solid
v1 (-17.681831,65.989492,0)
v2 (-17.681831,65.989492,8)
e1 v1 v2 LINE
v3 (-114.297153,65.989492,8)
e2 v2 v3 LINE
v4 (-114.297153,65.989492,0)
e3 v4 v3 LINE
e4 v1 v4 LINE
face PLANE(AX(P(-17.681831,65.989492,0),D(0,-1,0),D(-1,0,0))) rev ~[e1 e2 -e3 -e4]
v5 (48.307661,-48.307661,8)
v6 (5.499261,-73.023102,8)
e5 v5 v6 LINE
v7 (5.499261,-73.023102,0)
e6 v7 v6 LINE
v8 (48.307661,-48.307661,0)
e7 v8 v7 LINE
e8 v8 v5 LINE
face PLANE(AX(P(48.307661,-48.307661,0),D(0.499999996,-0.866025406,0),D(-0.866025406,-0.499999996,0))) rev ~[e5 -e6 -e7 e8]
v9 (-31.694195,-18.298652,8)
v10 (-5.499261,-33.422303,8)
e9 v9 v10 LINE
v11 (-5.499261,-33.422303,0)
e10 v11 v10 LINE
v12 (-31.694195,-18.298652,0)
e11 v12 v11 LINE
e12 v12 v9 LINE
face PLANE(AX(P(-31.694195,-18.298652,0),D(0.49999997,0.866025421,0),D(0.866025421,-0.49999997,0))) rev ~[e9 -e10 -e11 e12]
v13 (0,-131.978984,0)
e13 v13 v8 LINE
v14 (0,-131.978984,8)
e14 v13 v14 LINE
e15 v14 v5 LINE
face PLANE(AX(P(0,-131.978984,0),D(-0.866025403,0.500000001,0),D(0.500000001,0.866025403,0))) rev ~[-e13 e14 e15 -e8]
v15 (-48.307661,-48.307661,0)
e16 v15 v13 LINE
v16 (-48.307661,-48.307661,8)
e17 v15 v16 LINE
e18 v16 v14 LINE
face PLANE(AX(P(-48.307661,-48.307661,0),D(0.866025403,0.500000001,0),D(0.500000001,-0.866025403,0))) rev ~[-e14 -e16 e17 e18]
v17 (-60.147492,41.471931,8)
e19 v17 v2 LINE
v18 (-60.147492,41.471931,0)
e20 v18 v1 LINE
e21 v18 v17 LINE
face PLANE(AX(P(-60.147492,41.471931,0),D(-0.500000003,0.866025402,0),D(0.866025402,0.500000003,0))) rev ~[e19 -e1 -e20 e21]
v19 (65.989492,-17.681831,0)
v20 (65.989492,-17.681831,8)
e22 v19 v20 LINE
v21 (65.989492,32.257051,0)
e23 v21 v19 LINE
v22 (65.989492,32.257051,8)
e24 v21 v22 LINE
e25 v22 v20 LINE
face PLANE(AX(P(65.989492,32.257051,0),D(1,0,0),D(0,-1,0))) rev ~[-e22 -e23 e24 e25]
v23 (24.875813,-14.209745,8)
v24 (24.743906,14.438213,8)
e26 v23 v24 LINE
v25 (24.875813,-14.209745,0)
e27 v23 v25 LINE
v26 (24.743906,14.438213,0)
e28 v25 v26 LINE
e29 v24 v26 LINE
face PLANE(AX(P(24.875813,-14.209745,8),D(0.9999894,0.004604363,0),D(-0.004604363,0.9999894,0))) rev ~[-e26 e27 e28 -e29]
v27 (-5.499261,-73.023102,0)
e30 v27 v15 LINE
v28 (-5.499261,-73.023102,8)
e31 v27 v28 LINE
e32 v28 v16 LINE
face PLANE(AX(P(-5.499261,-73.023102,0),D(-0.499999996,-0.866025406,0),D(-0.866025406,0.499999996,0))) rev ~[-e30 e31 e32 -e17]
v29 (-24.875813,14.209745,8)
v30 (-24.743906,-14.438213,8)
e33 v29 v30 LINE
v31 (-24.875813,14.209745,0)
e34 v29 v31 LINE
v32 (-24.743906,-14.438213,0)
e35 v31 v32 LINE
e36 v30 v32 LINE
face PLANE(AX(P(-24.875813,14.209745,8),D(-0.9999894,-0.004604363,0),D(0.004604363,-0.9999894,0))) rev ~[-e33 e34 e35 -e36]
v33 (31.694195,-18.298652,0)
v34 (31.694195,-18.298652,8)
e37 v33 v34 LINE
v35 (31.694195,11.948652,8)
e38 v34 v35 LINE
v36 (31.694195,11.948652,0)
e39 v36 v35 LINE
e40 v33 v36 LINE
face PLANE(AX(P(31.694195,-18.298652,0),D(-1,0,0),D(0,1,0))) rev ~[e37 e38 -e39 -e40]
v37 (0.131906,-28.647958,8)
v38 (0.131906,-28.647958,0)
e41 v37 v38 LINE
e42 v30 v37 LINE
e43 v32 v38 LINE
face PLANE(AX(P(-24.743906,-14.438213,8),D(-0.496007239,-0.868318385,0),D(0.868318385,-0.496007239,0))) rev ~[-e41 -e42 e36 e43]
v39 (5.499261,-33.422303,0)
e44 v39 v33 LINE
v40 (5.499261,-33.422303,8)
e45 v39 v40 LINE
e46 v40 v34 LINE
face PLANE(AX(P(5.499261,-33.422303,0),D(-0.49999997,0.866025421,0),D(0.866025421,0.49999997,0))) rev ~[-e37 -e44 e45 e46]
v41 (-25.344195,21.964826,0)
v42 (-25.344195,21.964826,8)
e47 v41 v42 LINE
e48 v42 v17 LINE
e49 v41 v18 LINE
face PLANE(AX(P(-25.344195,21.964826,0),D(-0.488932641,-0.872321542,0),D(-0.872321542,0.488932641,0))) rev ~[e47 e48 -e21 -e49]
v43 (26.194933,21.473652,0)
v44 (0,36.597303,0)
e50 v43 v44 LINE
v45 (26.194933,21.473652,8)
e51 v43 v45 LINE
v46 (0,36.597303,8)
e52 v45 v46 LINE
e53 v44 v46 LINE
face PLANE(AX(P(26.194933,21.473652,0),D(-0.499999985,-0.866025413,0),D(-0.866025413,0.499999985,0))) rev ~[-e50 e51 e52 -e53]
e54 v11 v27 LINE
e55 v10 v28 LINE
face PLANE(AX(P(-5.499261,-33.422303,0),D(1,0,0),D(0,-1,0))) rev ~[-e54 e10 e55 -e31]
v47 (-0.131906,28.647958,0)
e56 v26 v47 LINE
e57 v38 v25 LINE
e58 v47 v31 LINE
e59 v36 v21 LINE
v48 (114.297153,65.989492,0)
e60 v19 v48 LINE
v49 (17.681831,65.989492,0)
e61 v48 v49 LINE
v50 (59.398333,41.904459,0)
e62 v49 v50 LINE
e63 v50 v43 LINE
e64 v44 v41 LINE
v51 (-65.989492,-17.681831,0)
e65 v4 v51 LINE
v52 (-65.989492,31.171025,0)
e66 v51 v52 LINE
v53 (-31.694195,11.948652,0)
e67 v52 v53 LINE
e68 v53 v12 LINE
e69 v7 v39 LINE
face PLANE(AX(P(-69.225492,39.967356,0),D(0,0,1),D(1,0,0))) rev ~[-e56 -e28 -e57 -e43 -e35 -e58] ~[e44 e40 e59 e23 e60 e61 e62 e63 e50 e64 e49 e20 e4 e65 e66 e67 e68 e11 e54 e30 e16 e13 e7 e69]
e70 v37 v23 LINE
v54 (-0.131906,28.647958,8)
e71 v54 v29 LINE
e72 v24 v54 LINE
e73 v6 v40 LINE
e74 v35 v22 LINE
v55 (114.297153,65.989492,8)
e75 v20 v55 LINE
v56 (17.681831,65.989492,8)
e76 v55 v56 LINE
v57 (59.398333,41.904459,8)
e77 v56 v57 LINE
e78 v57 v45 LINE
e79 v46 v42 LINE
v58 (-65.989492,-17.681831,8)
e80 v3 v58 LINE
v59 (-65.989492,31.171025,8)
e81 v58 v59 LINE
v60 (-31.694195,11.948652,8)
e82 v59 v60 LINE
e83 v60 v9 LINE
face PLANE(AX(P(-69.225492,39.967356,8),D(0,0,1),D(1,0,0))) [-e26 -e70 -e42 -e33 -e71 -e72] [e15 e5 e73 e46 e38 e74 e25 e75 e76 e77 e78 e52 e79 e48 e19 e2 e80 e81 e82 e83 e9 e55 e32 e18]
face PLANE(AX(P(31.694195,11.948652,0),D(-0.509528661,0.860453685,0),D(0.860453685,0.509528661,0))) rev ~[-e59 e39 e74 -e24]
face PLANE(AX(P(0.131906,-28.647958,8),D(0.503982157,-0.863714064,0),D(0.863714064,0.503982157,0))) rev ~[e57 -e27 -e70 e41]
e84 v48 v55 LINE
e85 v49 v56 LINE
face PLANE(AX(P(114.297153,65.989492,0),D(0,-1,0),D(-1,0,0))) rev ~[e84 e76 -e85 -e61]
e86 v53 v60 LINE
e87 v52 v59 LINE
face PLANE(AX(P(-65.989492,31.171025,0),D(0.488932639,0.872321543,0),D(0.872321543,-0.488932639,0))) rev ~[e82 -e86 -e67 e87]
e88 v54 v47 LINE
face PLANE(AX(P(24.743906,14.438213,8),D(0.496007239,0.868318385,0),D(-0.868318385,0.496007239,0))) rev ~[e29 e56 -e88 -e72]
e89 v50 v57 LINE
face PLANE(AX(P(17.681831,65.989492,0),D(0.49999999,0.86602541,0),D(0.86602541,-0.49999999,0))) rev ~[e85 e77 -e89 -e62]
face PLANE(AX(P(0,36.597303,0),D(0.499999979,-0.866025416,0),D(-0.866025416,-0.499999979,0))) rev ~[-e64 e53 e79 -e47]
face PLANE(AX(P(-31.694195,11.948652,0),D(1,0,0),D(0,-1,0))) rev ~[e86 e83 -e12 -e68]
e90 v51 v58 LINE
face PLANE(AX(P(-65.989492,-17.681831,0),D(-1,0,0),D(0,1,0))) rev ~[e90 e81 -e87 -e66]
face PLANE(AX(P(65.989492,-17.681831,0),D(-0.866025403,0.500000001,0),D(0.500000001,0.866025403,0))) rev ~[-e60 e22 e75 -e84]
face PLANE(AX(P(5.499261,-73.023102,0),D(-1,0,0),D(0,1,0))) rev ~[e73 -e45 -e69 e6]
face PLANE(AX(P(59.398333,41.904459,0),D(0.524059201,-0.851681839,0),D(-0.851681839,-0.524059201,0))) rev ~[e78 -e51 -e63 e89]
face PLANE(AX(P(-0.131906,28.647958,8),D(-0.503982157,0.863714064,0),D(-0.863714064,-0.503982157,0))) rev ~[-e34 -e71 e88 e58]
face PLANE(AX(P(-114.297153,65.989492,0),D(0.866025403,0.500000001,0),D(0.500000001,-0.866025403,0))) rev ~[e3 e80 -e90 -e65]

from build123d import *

# Parameters (mm, degrees)
F1_DEPTH = 8
F3_DEPTH = 8


with BuildPart() as f1:
    # F0 (on Top) → F1 (new body)
    with BuildSketch(Plane.XY):
        Polygon((-60.147492, 41.471931), (-17.681831, 65.989492), (-114.297153, 65.989492), (-65.989492, -17.681831), (-65.989492, 31.171025), (-65.989492, 38.099051), align=None)
        Polygon((0, -131.978984), (48.307661, -48.307661), (5.499261, -73.023102), (0, -76.198102), (-5.499261, -73.023102), (-48.307661, -48.307661), align=None)
        Polygon((17.681831, 65.989492), (59.398333, 41.904459), (65.989492, 38.099051), (65.989492, 32.257051), (65.989492, -17.681831), (114.297153, 65.989492), align=None)
        Polygon((31.694195, 18.298652), (26.194933, 21.473652), (0, 36.597303), (-25.344195, 21.964826), (-31.694195, 18.298652), (-31.694195, 11.948652), (-31.694195, -18.298652), (-5.499261, -33.422303), (0, -36.597303), (5.499261, -33.422303), (31.694195, -18.298652), (31.694195, 11.948652), align=None)
        Polygon((-25.344195, 21.964826), (-60.147492, 41.471931), (-65.989492, 38.099051), (-65.989492, 31.171025), (-31.694195, 11.948652), (-31.694195, 18.298652), align=None)
        Polygon((65.989492, 38.099051), (59.398333, 41.904459), (26.194933, 21.473652), (31.694195, 18.298652), (31.694195, 11.948652), (65.989492, 32.257051), align=None)
        Polygon((0, -76.198102), (5.499261, -73.023102), (5.499261, -33.422303), (0, -36.597303), (-5.499261, -33.422303), (-5.499261, -73.023102), align=None)
    extrude(amount=F1_DEPTH)

    # F2 (on face) → F3 (cut)
    with BuildSketch(Plane.XY.offset(8)):
        Polygon((24.743906, 14.438213), (-0.131906, 28.647958), (-24.875813, 14.209745), (-24.743906, -14.438213), (0.131906, -28.647958), (24.875813, -14.209745), align=None)
    extrude(amount=-F3_DEPTH, mode=Mode.SUBTRACT)


solid = f1.part
